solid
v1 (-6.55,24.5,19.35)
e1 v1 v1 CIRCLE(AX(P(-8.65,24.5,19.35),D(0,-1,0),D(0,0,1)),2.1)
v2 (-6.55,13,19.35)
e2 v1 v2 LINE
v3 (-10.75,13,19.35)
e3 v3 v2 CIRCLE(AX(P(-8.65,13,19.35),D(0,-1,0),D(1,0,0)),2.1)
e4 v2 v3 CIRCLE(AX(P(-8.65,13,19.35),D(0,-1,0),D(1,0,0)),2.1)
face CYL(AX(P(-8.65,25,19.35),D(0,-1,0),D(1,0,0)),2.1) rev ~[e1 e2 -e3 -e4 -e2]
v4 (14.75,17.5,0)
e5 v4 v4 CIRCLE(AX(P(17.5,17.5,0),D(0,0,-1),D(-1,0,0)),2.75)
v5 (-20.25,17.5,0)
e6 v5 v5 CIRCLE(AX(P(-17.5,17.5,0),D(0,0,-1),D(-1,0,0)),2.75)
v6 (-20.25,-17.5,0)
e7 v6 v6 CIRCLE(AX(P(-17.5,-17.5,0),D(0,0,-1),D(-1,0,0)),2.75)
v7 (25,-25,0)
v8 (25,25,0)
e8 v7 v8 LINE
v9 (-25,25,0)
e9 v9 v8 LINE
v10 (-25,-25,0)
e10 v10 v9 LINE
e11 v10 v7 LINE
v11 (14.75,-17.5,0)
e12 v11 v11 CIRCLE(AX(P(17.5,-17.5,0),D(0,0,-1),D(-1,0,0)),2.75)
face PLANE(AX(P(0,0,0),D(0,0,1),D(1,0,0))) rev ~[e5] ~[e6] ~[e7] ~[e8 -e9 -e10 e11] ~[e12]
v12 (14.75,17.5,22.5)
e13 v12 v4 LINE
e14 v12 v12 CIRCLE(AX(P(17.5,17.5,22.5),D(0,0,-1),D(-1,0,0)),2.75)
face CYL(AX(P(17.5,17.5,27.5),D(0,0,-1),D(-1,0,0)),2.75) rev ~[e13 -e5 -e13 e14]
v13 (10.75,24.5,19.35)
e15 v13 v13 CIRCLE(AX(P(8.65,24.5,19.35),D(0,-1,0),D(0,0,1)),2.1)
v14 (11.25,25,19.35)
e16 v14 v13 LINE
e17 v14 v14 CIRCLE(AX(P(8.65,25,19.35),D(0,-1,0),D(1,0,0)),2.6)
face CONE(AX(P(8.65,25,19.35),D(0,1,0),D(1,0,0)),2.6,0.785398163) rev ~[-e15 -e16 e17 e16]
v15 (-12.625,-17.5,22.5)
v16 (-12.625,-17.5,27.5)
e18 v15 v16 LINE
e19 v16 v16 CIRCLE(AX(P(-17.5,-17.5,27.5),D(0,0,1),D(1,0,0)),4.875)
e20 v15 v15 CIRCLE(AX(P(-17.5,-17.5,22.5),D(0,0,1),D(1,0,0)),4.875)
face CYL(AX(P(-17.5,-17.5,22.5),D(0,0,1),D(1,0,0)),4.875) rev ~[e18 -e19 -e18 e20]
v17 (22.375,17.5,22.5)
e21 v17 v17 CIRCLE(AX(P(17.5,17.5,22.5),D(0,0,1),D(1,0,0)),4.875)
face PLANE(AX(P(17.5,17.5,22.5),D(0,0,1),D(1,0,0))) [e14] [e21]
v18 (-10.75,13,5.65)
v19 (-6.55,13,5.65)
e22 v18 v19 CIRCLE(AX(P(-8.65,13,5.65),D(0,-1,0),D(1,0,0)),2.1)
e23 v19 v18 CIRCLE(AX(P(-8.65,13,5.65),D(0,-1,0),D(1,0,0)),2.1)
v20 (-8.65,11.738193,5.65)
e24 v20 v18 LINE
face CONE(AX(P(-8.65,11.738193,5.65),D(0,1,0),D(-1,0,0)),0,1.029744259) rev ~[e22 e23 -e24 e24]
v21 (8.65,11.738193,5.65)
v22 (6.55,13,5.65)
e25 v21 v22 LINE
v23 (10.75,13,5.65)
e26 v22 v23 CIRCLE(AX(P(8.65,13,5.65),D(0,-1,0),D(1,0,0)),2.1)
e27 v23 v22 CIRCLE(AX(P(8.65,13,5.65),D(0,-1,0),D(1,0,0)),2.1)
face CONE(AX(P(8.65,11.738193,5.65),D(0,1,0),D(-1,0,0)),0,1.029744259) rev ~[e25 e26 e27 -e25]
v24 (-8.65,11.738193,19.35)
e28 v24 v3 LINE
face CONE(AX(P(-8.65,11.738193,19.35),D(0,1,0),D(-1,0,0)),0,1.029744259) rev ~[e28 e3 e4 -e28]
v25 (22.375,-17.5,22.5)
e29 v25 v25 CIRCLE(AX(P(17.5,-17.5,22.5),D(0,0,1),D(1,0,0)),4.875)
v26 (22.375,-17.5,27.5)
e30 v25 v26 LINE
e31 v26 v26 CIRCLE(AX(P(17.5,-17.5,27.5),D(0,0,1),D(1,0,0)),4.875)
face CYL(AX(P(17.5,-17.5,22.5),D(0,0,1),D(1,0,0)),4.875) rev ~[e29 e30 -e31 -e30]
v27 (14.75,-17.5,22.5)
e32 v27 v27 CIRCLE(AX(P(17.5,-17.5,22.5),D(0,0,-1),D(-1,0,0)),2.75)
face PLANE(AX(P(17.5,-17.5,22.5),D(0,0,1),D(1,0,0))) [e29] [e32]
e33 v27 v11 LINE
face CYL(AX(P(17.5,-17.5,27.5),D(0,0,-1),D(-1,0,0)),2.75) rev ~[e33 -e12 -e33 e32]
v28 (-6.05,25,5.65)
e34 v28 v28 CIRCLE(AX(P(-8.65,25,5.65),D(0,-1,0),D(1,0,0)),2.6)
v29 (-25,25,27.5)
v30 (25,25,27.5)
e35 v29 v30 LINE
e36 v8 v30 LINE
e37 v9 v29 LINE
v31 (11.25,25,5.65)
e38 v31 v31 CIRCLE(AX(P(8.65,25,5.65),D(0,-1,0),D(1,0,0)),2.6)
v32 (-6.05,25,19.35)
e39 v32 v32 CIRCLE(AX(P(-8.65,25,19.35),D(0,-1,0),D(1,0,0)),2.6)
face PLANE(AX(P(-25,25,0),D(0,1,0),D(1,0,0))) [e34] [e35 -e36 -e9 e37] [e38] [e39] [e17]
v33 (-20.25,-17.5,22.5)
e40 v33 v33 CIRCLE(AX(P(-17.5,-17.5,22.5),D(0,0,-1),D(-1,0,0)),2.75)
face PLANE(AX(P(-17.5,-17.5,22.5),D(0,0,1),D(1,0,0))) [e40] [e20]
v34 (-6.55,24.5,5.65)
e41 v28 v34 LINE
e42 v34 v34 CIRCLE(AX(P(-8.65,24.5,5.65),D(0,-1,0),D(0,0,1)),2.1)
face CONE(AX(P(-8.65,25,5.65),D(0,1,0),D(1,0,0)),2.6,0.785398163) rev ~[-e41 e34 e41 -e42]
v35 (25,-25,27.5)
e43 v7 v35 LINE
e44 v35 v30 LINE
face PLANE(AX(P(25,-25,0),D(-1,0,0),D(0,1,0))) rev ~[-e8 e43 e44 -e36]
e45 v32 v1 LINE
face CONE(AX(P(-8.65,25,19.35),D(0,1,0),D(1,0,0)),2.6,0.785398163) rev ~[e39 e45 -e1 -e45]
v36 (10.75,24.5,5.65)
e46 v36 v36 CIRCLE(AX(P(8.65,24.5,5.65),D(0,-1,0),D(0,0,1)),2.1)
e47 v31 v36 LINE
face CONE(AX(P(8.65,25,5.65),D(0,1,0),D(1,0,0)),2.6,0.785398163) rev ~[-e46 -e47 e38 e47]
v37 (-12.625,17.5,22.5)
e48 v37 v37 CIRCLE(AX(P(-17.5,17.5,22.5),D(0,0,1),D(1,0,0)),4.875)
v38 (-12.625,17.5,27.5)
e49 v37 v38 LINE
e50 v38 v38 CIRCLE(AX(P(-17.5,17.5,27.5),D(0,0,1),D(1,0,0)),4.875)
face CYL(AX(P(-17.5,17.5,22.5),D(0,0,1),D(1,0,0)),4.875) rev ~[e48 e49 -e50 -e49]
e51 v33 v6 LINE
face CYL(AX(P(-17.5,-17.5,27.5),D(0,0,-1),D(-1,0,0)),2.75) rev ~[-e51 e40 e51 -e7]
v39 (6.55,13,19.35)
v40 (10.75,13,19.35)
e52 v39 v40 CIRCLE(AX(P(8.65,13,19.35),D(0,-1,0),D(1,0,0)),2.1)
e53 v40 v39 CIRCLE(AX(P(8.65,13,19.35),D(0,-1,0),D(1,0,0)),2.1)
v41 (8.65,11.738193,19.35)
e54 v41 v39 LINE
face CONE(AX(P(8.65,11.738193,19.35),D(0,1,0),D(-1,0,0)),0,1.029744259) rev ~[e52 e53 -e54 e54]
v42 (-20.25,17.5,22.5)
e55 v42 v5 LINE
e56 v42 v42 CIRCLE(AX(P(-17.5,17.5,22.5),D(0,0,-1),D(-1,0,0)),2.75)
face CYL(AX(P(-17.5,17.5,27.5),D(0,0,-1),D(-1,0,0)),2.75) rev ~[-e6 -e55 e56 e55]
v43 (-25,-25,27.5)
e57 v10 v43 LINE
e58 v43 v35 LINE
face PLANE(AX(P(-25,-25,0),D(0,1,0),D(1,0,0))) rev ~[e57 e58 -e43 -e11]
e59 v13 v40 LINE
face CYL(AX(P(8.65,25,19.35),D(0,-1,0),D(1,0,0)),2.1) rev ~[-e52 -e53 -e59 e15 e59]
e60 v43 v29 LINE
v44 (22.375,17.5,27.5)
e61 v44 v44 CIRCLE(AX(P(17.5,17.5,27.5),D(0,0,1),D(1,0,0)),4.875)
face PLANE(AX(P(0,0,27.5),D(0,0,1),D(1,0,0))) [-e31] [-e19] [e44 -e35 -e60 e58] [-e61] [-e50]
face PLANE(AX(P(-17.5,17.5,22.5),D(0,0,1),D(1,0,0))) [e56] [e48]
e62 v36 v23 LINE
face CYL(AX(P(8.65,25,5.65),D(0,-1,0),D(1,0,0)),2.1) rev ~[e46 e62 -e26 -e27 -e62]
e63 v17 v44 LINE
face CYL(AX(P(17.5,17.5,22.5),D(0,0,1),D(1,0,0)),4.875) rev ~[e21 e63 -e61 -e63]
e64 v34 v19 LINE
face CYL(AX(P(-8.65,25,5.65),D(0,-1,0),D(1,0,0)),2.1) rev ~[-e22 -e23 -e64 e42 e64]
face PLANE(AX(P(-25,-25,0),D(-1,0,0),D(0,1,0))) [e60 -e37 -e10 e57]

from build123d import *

# Parameters (mm, degrees)
F0_W           = 50
F0_H           = 50
F1_DEPTH       = 27.5
F3_D           = 5.5
F3_CBORE_D     = 9.75
F3_CBORE_DEPTH = 5
F5_D           = 4.2
F5_DEPTH       = 12
F5_CSINK_D     = 5.2
F5_CSINK_ANGLE = 90
F5_TIP         = 1.2618073


with BuildPart() as f1:
    # F0 (on Top) → F1 (new body)
    with BuildSketch(Plane.XY):
        Rectangle(F0_W, F0_H)
    extrude(amount=F1_DEPTH)

    # F3 (through all)
    with Locations(Plane.XY.offset(27.5)):
        with Locations((-17.5, 17.5), (17.5, 17.5), (-17.5, -17.5), (17.5, -17.5)):
            CounterBoreHole(F3_D / 2, F3_CBORE_D / 2, F3_CBORE_DEPTH)

    # F5
    with Locations(Plane(origin=(0, 25, 0), x_dir=(-1, 0, 0), z_dir=(0, 1, 0))):
        with Locations((-8.65, 19.35), (8.65, 19.35), (8.65, 5.65), (-8.65, 5.65)):
            CounterSinkHole(F5_D / 2, F5_CSINK_D / 2, depth=F5_DEPTH, counter_sink_angle=F5_CSINK_ANGLE)
            with Locations((0, 0, -(F5_DEPTH + F5_TIP / 2))):  # 118° drill point
                Cone(0, F5_D / 2, F5_TIP, mode=Mode.SUBTRACT)


solid = f1.part
